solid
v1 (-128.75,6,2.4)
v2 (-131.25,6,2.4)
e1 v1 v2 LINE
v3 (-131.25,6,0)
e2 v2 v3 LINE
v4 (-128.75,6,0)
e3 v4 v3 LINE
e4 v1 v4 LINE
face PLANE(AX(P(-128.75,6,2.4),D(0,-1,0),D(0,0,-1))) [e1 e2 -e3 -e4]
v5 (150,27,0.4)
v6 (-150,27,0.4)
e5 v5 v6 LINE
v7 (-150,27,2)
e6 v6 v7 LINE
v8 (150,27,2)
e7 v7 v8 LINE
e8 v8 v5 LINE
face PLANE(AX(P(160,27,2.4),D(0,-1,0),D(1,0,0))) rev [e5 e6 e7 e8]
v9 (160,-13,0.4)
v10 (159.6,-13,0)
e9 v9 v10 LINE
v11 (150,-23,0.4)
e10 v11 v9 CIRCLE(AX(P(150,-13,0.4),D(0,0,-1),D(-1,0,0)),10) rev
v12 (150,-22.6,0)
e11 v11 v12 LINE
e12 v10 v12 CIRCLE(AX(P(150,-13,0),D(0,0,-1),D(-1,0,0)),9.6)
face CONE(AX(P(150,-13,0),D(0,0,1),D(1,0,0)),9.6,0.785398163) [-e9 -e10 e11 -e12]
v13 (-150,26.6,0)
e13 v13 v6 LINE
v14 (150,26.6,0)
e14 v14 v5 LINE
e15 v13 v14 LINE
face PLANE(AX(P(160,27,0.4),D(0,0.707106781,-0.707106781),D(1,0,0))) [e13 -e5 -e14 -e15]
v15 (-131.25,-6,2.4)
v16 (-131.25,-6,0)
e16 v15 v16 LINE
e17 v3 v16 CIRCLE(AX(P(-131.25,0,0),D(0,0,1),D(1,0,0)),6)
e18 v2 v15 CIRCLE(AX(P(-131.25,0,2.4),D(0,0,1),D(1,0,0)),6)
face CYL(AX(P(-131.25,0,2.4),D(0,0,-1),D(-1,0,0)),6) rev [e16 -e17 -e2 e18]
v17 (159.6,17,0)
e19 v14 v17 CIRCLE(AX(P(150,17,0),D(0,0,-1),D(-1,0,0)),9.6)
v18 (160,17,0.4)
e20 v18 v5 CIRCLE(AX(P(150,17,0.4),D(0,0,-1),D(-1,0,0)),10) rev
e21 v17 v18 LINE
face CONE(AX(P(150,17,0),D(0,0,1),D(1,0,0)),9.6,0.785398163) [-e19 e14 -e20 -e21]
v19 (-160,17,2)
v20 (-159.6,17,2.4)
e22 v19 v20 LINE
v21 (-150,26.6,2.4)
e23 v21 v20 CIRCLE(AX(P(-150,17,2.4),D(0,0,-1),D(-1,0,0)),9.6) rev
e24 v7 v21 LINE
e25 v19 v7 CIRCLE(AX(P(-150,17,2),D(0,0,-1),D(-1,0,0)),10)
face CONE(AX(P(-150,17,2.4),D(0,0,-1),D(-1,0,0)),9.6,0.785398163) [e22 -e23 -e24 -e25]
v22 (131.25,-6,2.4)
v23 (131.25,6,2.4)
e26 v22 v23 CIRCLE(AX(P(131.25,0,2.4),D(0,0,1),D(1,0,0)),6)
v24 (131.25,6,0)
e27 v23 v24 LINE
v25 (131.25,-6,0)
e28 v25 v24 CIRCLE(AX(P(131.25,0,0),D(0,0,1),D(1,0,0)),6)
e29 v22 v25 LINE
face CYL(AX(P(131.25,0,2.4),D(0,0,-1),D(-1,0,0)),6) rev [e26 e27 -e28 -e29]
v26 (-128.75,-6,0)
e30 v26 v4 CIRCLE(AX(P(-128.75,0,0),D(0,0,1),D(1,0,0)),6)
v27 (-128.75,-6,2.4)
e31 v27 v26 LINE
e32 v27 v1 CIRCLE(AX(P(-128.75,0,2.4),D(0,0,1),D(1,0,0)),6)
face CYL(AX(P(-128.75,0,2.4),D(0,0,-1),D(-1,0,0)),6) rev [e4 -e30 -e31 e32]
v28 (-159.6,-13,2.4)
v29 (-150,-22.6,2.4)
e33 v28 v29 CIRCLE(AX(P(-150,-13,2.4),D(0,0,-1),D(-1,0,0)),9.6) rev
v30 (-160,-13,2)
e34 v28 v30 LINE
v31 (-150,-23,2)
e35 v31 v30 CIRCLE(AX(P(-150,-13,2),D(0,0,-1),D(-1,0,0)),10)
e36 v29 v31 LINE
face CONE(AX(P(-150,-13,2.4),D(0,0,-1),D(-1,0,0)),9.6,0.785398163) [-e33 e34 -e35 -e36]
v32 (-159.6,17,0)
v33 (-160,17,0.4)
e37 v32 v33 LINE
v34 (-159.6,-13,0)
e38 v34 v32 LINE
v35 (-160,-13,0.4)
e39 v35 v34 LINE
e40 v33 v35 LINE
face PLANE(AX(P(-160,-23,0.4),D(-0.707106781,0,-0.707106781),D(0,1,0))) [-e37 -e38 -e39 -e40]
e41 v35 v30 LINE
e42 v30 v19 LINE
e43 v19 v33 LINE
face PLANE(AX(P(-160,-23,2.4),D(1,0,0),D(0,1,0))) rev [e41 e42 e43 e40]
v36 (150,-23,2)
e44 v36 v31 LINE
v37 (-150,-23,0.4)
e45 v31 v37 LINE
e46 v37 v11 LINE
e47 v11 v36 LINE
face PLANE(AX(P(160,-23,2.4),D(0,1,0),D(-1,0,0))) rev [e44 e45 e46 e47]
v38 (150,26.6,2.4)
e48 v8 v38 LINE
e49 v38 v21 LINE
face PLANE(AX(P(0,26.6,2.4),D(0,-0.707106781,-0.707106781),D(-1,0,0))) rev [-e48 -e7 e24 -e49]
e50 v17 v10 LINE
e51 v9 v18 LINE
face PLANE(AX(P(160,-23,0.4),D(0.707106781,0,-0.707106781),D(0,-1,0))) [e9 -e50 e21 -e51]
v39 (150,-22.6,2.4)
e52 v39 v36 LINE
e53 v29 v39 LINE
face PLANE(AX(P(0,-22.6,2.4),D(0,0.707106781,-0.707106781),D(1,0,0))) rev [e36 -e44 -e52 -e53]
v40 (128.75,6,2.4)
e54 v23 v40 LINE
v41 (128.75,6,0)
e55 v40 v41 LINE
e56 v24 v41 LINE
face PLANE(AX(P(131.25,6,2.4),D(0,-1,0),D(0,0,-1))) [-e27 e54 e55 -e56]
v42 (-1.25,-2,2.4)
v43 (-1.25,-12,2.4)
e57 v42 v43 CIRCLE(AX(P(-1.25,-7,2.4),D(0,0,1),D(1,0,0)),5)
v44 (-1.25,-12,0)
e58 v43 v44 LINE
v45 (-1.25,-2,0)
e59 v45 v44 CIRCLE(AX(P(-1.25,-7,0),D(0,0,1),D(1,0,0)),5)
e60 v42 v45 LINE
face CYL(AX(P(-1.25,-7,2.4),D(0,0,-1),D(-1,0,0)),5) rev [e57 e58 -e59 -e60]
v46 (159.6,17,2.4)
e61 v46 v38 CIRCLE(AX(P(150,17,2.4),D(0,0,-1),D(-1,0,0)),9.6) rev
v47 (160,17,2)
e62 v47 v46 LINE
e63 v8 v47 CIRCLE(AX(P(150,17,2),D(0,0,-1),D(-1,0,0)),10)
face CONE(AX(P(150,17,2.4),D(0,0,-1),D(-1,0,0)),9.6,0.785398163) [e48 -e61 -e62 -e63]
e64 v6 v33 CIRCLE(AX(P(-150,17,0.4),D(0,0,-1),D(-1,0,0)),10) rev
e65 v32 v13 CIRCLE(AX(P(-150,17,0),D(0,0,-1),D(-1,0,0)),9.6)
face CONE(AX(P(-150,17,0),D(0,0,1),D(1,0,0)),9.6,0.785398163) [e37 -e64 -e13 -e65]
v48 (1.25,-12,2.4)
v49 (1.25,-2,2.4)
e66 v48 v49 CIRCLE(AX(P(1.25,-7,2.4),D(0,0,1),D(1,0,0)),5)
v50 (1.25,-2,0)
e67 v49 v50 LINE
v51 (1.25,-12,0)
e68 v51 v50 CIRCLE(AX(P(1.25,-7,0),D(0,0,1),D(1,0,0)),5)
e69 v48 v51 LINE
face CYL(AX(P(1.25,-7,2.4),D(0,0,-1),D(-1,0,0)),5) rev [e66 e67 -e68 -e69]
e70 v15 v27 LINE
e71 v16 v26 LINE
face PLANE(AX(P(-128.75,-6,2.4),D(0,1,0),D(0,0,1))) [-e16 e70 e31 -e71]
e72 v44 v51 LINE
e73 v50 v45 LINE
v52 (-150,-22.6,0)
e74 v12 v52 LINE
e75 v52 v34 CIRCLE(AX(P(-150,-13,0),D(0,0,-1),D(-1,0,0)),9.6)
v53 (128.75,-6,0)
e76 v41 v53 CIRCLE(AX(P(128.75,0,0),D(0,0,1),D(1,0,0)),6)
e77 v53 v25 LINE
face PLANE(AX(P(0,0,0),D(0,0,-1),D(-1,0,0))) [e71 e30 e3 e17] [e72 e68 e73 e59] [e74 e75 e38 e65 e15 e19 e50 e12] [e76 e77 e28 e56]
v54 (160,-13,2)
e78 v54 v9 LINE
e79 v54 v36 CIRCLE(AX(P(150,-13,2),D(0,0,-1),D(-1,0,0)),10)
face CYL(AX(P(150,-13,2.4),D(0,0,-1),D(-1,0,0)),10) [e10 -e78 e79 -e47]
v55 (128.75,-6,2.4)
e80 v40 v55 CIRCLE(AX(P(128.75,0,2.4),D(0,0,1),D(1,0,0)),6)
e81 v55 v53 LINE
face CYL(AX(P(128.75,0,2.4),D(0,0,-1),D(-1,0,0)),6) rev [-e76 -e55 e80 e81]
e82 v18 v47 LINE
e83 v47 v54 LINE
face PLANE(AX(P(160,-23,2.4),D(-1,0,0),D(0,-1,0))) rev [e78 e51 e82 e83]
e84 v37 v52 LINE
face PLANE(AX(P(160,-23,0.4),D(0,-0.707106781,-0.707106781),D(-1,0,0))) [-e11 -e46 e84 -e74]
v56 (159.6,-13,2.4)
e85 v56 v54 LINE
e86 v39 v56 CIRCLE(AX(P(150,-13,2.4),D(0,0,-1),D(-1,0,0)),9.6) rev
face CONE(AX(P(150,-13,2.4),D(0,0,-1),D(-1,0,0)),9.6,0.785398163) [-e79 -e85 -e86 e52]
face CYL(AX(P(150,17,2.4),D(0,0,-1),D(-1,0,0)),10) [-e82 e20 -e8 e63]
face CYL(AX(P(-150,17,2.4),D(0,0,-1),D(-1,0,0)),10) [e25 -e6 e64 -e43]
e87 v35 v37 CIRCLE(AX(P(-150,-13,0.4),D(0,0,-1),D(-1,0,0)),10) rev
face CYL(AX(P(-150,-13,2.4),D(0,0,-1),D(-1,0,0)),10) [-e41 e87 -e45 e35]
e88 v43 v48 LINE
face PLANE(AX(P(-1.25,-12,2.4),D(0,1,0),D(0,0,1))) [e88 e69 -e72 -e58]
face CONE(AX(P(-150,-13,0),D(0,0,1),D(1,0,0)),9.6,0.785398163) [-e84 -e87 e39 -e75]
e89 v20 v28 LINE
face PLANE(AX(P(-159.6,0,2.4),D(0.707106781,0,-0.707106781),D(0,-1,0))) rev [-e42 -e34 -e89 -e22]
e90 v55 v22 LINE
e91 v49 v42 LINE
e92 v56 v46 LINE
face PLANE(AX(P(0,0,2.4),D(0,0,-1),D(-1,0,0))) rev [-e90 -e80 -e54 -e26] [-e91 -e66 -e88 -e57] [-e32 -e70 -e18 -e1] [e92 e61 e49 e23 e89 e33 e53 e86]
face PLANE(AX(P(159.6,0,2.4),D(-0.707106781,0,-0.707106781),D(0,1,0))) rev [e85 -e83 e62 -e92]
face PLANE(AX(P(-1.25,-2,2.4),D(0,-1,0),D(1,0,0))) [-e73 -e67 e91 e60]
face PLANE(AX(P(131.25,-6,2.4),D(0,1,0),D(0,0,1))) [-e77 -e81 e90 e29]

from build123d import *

# Parameters (mm, degrees)
SKETCH1_W           = 50
SKETCH1_H           = 320
BOSS_EXTRUDE1_DEPTH = 2.4
FILLET1_R           = 10
CHAMFER1_SIZE       = 0.4


with BuildPart() as part:
    # Sketch1 → Boss-Extrude1 (new body)
    with BuildSketch(Plane(origin=(0, 0, 0), x_dir=(0, 1, 0), z_dir=(0, 0, 1))):
        with Locations((2, 0)):
            Rectangle(SKETCH1_W, SKETCH1_H)
        with BuildLine():
            Line((-6, 128.75), (-6, 131.25))
            ThreePointArc((-6, 131.25), (0, 137.25), (6, 131.25))
            Line((6, 131.25), (6, 128.75))
            ThreePointArc((6, 128.75), (0, 122.75), (-6, 128.75))
        make_face(mode=Mode.SUBTRACT)
        with BuildLine():
            Line((-6, -131.25), (-6, -128.75))
            ThreePointArc((-6, -128.75), (0, -122.75), (6, -128.75))
            Line((6, -128.75), (6, -131.25))
            ThreePointArc((6, -131.25), (0, -137.25), (-6, -131.25))
        make_face(mode=Mode.SUBTRACT)
        with BuildLine():
            Line((-2, 1.25), (-2, -1.25))
            ThreePointArc((-2, -1.25), (-7, -6.25), (-12, -1.25))
            Line((-12, -1.25), (-12, 1.25))
            ThreePointArc((-12, 1.25), (-7, 6.25), (-2, 1.25))
        make_face(mode=Mode.SUBTRACT)
    extrude(amount=BOSS_EXTRUDE1_DEPTH)

    # Fillet1
    fillet1_edges = [part.edges().sort_by_distance(p)[0] for p in [
        (160, 27, 1.2),
        (160, -23, 1.2),
        (-160, -23, 1.2),
        (-160, 27, 1.2),
    ]]
    fillet(fillet1_edges, radius=FILLET1_R)

    # Chamfer1
    chamfer1_edges = [part.edges().sort_by_distance(p)[0] for p in [
        (0, 27, 0),
        (0, 27, 2.4),
        (160, 2, 0),
        (0, -23, 0),
        (-160, 2, 0),
        (157.071067812, -20.071067812, 0),
        (-157.071067812, -20.071067812, 0),
        (-157.071067812, 24.071067812, 0),
        (157.071067812, 24.071067812, 0),
        (160, 2, 2.4),
        (-160, 2, 2.4),
        (0, -23, 2.4),
        (157.071067812, -20.071067812, 2.4),
        (-157.071067812, -20.071067812, 2.4),
        (-157.071067812, 24.071067812, 2.4),
        (157.071067812, 24.071067812, 2.4),
    ]]
    chamfer(chamfer1_edges, length=CHAMFER1_SIZE)


solid = part.part
